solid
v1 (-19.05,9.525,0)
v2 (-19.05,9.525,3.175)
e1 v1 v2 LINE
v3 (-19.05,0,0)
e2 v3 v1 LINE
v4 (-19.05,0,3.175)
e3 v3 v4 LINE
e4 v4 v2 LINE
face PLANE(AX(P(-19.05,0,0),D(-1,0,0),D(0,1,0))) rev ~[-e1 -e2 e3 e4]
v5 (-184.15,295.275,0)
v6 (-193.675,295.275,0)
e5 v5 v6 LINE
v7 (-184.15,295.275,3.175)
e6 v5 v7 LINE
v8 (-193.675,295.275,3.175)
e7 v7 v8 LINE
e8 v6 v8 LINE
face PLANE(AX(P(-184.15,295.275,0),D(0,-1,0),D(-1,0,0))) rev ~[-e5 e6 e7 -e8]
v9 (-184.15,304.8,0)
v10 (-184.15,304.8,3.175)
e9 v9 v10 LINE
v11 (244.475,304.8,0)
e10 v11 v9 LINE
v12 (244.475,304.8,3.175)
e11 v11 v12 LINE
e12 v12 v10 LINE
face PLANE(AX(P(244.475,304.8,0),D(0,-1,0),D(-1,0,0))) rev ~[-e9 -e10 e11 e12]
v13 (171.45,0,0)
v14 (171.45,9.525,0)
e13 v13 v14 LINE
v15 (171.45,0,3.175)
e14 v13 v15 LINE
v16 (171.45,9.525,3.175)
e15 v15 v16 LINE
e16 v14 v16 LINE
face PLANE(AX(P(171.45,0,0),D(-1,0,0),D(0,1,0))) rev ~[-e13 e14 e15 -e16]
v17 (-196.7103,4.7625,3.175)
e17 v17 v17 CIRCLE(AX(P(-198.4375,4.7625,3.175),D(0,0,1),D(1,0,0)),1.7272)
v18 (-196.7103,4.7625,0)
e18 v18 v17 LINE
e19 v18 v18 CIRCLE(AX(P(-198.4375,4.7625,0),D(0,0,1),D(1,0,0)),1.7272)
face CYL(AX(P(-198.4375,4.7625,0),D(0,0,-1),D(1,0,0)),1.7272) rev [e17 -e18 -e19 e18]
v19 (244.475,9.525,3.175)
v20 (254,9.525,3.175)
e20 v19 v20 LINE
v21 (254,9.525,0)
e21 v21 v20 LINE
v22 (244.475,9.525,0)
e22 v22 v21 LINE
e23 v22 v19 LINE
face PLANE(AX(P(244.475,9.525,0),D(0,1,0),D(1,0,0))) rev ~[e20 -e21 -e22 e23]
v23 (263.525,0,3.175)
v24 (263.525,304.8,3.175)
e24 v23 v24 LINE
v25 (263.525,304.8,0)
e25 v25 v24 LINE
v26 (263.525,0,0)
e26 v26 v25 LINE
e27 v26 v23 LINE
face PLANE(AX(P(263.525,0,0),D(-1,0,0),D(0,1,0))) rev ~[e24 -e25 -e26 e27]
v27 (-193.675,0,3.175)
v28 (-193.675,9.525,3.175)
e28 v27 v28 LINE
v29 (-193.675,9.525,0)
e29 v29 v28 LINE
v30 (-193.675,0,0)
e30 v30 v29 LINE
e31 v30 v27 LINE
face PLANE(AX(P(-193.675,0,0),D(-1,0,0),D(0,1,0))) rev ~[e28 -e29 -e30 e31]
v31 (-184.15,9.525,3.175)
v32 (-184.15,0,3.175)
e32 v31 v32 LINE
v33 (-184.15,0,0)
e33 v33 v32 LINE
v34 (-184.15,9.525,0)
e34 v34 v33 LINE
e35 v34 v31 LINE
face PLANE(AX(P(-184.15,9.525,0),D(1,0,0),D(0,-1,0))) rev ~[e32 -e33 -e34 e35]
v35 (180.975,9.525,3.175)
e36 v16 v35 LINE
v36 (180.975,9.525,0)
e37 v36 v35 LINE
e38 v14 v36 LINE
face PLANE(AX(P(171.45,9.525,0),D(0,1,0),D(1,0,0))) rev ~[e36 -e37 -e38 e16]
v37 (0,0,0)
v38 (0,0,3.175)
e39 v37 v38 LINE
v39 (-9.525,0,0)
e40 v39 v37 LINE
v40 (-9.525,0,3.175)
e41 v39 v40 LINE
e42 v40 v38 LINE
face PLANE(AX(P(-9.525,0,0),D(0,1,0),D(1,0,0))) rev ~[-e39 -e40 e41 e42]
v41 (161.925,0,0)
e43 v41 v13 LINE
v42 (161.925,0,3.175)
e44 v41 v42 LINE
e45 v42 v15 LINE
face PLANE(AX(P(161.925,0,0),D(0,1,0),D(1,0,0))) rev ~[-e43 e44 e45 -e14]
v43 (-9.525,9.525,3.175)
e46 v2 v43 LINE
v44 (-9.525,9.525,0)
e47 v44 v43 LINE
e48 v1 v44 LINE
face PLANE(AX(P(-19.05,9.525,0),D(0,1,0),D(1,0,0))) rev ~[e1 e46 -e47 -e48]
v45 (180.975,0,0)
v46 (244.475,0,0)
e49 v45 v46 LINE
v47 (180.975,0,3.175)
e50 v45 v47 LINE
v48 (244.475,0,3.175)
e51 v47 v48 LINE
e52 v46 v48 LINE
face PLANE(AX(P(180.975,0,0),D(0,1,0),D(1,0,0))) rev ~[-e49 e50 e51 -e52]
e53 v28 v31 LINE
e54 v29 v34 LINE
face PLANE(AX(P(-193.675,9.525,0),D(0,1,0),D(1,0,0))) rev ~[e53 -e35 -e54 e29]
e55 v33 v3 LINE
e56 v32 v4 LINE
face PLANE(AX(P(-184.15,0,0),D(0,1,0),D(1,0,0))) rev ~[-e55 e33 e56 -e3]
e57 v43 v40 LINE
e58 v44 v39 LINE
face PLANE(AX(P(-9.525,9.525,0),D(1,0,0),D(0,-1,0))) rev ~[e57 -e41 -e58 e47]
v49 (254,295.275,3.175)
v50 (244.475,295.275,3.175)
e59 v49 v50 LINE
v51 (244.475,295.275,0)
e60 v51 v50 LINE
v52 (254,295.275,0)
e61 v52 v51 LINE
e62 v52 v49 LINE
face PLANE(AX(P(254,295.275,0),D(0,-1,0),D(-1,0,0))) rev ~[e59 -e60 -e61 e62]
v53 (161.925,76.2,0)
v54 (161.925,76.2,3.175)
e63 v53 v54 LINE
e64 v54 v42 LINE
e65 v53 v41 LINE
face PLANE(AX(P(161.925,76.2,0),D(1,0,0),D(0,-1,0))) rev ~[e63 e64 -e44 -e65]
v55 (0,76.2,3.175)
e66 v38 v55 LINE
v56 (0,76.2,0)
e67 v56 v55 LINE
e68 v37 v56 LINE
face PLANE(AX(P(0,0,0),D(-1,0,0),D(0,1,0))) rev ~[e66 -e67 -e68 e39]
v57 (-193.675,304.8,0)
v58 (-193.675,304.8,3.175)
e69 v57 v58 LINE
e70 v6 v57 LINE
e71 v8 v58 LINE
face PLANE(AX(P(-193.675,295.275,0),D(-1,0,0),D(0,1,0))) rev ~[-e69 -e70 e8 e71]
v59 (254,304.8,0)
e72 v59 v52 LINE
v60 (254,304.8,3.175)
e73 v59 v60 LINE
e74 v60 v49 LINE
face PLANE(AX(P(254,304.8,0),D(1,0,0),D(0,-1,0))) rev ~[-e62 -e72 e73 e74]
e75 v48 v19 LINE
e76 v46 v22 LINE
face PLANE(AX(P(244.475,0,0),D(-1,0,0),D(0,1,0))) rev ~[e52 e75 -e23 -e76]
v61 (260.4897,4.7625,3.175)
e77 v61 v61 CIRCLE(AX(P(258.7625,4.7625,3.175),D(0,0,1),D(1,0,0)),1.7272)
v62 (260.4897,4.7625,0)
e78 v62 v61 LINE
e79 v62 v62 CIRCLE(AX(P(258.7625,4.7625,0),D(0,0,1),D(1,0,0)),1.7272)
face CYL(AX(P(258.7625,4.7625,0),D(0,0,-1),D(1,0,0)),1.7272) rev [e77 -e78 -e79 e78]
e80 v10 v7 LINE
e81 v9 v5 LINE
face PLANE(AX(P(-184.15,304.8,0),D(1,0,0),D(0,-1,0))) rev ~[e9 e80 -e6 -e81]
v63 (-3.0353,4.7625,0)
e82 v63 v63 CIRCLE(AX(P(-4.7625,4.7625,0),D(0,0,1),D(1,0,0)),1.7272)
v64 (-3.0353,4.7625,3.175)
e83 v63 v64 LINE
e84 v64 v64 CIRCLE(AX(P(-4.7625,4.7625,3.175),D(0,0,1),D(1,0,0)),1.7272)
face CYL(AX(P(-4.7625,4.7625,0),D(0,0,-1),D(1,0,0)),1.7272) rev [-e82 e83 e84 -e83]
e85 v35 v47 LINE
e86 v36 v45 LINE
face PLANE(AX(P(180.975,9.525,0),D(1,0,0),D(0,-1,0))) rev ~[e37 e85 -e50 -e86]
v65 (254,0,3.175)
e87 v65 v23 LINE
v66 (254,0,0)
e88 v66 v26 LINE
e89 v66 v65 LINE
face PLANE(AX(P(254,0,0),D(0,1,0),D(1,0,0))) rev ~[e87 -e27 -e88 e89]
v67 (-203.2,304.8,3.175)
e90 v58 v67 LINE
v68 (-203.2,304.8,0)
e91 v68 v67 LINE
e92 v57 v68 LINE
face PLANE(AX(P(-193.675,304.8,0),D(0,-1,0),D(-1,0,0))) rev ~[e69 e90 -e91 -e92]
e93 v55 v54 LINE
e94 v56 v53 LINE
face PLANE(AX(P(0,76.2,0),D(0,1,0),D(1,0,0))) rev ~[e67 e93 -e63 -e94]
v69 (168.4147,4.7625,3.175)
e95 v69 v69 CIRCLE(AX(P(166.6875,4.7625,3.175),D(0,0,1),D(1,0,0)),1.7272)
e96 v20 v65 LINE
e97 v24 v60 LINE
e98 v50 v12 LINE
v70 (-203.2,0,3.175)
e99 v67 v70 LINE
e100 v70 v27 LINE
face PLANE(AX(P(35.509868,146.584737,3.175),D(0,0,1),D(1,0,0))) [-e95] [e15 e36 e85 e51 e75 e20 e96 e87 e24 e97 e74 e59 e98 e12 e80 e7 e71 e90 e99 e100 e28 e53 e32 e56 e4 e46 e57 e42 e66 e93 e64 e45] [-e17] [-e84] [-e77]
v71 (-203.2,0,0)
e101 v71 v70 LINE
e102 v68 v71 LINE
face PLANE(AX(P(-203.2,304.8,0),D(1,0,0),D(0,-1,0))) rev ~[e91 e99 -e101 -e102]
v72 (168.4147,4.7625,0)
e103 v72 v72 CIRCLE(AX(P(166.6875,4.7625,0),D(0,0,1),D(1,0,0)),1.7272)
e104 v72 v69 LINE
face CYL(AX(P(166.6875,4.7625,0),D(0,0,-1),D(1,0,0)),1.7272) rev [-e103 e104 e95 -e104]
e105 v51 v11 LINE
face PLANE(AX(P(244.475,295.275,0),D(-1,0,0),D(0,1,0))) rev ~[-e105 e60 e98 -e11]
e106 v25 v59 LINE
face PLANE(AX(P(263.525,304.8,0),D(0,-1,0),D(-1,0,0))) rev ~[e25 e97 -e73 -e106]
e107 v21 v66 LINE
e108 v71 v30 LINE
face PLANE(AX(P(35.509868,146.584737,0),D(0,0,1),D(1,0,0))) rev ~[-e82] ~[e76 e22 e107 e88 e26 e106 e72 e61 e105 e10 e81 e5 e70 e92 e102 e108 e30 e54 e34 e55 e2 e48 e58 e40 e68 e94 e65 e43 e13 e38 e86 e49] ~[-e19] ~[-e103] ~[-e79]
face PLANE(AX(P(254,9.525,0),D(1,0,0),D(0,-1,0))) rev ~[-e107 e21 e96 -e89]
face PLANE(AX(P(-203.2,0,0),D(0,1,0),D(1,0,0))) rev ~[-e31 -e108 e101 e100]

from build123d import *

# Parameters (mm, degrees)
F0_R     = 1.7272
F1_DEPTH = 3.175


with BuildPart() as f1:
    # F0 (on Top) → F1 (new body)
    with BuildSketch(Plane.XY):
        Polygon((0, 0), (0, 76.2), (161.925, 76.2), (161.925, 0), (171.45, 0), (171.45, 9.525), (180.975, 9.525), (180.975, 0), (244.475, 0), (244.475, 9.525), (254, 9.525), (254, 0), (263.525, 0), (263.525, 304.8), (254, 304.8), (254, 295.275), (244.475, 295.275), (244.475, 304.8), (-184.15, 304.8), (-184.15, 295.275), (-193.675, 295.275), (-193.675, 304.8), (-203.2, 304.8), (-203.2, 0), (-193.675, 0), (-193.675, 9.525), (-184.15, 9.525), (-184.15, 0), (-19.05, 0), (-19.05, 9.525), (-9.525, 9.525), (-9.525, 0), align=None)
        with Locations((-198.4375, 4.7625)):
            Circle(F0_R, mode=Mode.SUBTRACT)
        with Locations((-4.7625, 4.7625)):
            Circle(F0_R, mode=Mode.SUBTRACT)
        with Locations((166.6875, 4.7625)):
            Circle(F0_R, mode=Mode.SUBTRACT)
        with Locations((258.7625, 4.7625)):
            Circle(F0_R, mode=Mode.SUBTRACT)
    extrude(amount=F1_DEPTH)


solid = f1.part
